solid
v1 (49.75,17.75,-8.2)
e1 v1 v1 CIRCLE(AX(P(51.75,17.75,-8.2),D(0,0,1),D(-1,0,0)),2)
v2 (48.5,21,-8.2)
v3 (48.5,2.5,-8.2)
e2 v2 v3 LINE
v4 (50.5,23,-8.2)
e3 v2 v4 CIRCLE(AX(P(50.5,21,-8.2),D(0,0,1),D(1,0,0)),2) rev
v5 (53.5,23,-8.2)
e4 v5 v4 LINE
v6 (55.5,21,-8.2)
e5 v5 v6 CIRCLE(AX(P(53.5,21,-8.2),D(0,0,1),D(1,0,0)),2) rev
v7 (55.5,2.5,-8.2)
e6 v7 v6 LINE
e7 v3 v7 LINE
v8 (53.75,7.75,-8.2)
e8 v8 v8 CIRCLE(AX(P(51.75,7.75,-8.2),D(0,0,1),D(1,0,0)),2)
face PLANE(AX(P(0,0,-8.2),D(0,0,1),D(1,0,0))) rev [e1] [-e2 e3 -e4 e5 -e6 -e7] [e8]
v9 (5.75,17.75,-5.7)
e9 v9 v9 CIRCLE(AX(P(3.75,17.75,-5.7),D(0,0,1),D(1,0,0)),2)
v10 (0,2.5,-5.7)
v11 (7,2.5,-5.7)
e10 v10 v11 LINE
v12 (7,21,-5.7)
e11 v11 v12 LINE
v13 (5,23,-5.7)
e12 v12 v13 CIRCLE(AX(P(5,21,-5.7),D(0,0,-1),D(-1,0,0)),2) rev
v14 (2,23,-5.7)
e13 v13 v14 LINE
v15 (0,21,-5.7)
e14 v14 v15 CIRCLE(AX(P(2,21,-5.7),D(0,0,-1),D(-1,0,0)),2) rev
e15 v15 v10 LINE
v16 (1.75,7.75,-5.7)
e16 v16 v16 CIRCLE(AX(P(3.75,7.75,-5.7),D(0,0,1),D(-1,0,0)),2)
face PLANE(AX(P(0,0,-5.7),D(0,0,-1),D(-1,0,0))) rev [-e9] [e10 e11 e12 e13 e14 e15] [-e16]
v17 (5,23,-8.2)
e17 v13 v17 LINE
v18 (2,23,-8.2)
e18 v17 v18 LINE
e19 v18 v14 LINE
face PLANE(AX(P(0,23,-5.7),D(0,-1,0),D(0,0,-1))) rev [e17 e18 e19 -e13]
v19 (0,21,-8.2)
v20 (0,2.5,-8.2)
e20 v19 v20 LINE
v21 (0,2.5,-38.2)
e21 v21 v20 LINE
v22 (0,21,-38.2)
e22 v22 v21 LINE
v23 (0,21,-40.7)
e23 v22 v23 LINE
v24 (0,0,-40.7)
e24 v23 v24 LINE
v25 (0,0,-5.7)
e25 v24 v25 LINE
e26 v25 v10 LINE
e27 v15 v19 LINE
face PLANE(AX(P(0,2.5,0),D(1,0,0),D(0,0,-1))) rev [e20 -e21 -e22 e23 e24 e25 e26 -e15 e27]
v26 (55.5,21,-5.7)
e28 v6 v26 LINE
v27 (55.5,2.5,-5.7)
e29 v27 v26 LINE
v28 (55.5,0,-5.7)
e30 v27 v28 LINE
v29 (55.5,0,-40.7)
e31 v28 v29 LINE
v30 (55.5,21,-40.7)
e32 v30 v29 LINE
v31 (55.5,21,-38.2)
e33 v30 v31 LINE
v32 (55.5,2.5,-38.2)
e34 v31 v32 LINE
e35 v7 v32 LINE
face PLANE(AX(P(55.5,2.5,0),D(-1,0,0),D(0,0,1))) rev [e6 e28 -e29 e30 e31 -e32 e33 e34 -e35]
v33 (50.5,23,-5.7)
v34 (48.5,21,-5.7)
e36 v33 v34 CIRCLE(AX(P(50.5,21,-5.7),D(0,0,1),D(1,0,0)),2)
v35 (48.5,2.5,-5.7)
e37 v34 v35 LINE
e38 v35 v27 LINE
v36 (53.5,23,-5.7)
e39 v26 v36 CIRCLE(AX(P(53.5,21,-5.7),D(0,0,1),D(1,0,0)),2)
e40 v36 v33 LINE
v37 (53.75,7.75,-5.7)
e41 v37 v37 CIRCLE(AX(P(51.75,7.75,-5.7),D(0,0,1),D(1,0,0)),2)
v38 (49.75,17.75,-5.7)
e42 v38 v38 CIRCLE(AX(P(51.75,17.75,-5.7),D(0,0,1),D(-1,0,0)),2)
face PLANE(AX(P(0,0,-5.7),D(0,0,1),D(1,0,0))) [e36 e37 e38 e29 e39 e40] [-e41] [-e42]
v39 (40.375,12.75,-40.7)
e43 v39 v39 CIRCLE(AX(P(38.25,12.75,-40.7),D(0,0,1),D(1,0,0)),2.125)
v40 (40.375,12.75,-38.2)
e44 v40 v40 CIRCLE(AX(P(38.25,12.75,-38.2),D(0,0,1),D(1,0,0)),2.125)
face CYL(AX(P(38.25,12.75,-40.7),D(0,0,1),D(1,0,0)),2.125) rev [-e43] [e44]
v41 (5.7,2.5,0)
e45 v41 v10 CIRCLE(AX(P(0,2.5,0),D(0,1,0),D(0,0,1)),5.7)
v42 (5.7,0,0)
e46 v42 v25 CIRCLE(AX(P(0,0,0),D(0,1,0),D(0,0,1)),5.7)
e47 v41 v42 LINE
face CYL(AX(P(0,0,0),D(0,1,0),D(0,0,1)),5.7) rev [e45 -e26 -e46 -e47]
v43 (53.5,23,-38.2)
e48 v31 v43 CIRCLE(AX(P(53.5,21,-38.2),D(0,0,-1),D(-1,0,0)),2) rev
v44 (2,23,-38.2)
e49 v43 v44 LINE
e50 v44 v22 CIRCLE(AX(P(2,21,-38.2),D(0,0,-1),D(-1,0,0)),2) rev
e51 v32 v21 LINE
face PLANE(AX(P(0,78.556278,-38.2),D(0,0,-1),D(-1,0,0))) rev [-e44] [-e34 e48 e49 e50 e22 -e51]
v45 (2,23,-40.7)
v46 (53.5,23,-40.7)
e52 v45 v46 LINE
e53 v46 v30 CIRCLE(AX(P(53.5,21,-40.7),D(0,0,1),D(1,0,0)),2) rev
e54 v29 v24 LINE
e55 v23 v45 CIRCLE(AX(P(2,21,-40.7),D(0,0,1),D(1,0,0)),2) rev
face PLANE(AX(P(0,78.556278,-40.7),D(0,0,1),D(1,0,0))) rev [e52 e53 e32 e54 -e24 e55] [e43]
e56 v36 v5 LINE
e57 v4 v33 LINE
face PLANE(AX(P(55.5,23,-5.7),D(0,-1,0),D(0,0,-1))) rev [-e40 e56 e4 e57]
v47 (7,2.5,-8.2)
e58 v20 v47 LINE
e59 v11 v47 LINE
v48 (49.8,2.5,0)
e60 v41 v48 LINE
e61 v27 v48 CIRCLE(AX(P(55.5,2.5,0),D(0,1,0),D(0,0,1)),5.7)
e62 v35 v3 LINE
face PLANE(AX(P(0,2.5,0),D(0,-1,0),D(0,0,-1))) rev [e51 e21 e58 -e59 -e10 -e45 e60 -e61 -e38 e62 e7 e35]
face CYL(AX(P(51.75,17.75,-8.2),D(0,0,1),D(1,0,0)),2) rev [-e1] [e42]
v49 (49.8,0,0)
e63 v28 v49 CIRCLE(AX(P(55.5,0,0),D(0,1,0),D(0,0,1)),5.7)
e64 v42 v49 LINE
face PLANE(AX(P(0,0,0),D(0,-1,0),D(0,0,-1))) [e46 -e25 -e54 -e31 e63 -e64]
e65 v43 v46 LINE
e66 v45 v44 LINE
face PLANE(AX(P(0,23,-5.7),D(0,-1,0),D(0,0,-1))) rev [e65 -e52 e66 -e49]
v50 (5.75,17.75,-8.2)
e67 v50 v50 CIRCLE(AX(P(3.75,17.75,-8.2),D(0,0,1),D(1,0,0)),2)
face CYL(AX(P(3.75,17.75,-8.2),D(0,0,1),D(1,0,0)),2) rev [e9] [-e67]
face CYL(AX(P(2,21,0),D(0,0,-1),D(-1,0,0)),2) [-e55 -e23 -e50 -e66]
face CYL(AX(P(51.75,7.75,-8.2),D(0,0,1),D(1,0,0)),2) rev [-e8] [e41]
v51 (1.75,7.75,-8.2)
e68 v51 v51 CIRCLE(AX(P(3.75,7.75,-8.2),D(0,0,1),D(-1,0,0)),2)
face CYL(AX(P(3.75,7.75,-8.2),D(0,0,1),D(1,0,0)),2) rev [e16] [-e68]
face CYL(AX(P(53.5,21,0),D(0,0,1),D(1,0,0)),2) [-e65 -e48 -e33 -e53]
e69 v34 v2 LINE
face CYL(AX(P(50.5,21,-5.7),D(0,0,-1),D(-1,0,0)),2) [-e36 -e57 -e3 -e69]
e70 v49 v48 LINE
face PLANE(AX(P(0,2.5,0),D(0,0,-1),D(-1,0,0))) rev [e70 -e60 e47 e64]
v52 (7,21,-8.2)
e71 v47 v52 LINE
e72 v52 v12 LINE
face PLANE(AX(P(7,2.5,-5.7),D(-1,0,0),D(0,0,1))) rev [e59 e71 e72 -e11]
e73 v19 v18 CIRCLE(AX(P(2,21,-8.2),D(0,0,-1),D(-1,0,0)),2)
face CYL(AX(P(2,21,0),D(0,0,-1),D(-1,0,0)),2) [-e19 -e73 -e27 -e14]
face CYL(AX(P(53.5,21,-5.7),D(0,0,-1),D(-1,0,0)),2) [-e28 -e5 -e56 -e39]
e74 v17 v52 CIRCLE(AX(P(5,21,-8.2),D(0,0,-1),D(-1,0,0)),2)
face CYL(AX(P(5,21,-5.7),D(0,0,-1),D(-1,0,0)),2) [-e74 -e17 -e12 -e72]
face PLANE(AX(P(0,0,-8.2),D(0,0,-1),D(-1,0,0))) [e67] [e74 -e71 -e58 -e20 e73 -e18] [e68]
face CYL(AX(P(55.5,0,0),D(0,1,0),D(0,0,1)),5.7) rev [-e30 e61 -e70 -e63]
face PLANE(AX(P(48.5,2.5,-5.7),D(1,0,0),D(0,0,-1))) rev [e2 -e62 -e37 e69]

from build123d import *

# Parameters (mm, degrees)
SKETCH1_W                   = 55.5
SKETCH1_H                   = 38.2
BRACKETBASE_DEPTH           = 2.5
SKETCH2_W                   = 7
SKETCH2_H                   = 20.5
SERVOMOUNTINGHOLETABS_DEPTH = 2.5
SKETCH3_R                   = 2
SERVOMOUNTINGHOLES_DEPTH    = 2.5
SKETCH4_W                   = 55.5
SKETCH4_H                   = 2.5
BASEWALL_DEPTH              = 23
SKETCH5_R                   = 2.125
M4MOUNTINGHOLE_DEPTH        = 2.5
SKETCH6_R                   = 5.7
BASETRIM_DEPTH              = 2.5
FILLET1_R                   = 2
SKETCH7_R                   = 2.125
CUT_EXTRUDE1_DEPTH          = 10
BOSS_EXTRUDE1_START         = -2.5
SKETCH8_R                   = 2.125
BOSS_EXTRUDE1_DEPTH         = 2.5


with BuildPart() as part:
    # Sketch1 → bracketBase (new body)
    with BuildSketch(Plane(origin=(0, 0, 0), x_dir=(1, 0, 0), z_dir=(0, 1, 0))):
        with Locations((27.75, 19.1)):
            Rectangle(SKETCH1_W, SKETCH1_H)
    extrude(amount=BRACKETBASE_DEPTH)

    # Sketch2 → servoMountingHoleTabs (add)
    with BuildSketch(Plane.XY.offset(-8.2)):
        with Locations((3.5, 12.75)):
            Rectangle(SKETCH2_W, SKETCH2_H)
        with Locations((52, 12.75)):
            Rectangle(SKETCH2_W, SKETCH2_H)
    extrude(amount=SERVOMOUNTINGHOLETABS_DEPTH)

    # Sketch3 → servoMountingHoles (cut)
    with BuildSketch(Plane.XY.offset(-5.7)):
        with Locations((3.75, 17.75)):
            Circle(SKETCH3_R)
        with Locations(Location((3.75, 7.75, 0), (0, 0, 180))):
            Circle(SKETCH3_R)
        with Locations((51.75, 7.75)):
            Circle(SKETCH3_R)
        with Locations(Location((51.75, 17.75, 0), (0, 0, 180))):
            Circle(SKETCH3_R)
    extrude(amount=-SERVOMOUNTINGHOLES_DEPTH, mode=Mode.SUBTRACT)

    # Sketch4 → baseWall (add)
    with BuildSketch(Plane(origin=(0, 0, 0), x_dir=(1, 0, 0), z_dir=(0, 1, 0))):
        with Locations((27.75, 39.45)):
            Rectangle(SKETCH4_W, SKETCH4_H)
    extrude(amount=BASEWALL_DEPTH)

    # Sketch5 → M4mountingHole (cut)
    with BuildSketch(Plane.XY.offset(-38.2)):
        with Locations((38.25, 12.75)):
            Circle(SKETCH5_R)
    extrude(amount=-M4MOUNTINGHOLE_DEPTH, mode=Mode.SUBTRACT)

    # Sketch6 → baseTrim (cut)
    with BuildSketch(Plane(origin=(0, 2.5, 0), x_dir=(1, 0, 0), z_dir=(0, 1, 0))):
        Circle(SKETCH6_R)
        with Locations((55.5, 0)):
            Circle(SKETCH6_R)
    extrude(amount=-BASETRIM_DEPTH, mode=Mode.SUBTRACT)

    # Fillet1
    fillet1_edges = [part.edges().sort_by_distance(p)[0] for p in [
        (0, 23, -6.95),
        (7, 23, -6.95),
        (55.5, 23, -6.95),
        (48.5, 23, -6.95),
        (55.5, 23, -39.45),
        (0, 23, -39.45),
    ]]
    fillet(fillet1_edges, radius=FILLET1_R)

    # Sketch7 → Cut-Extrude1 (cut)
    with BuildSketch(Plane(origin=(0, 0, -40.7), x_dir=(-1, 0, 0), z_dir=(0, 0, -1))):
        with Locations((-17.25, 12.75)):
            Circle(SKETCH7_R)
    extrude(amount=-CUT_EXTRUDE1_DEPTH, mode=Mode.SUBTRACT)

    # Sketch8 → Boss-Extrude1 (add)
    with BuildSketch(Plane.XY.offset(-38.2).offset(BOSS_EXTRUDE1_START)):
        with Locations((17.25, 12.75)):
            Circle(SKETCH8_R)
    extrude(amount=BOSS_EXTRUDE1_DEPTH)


solid = part.part
